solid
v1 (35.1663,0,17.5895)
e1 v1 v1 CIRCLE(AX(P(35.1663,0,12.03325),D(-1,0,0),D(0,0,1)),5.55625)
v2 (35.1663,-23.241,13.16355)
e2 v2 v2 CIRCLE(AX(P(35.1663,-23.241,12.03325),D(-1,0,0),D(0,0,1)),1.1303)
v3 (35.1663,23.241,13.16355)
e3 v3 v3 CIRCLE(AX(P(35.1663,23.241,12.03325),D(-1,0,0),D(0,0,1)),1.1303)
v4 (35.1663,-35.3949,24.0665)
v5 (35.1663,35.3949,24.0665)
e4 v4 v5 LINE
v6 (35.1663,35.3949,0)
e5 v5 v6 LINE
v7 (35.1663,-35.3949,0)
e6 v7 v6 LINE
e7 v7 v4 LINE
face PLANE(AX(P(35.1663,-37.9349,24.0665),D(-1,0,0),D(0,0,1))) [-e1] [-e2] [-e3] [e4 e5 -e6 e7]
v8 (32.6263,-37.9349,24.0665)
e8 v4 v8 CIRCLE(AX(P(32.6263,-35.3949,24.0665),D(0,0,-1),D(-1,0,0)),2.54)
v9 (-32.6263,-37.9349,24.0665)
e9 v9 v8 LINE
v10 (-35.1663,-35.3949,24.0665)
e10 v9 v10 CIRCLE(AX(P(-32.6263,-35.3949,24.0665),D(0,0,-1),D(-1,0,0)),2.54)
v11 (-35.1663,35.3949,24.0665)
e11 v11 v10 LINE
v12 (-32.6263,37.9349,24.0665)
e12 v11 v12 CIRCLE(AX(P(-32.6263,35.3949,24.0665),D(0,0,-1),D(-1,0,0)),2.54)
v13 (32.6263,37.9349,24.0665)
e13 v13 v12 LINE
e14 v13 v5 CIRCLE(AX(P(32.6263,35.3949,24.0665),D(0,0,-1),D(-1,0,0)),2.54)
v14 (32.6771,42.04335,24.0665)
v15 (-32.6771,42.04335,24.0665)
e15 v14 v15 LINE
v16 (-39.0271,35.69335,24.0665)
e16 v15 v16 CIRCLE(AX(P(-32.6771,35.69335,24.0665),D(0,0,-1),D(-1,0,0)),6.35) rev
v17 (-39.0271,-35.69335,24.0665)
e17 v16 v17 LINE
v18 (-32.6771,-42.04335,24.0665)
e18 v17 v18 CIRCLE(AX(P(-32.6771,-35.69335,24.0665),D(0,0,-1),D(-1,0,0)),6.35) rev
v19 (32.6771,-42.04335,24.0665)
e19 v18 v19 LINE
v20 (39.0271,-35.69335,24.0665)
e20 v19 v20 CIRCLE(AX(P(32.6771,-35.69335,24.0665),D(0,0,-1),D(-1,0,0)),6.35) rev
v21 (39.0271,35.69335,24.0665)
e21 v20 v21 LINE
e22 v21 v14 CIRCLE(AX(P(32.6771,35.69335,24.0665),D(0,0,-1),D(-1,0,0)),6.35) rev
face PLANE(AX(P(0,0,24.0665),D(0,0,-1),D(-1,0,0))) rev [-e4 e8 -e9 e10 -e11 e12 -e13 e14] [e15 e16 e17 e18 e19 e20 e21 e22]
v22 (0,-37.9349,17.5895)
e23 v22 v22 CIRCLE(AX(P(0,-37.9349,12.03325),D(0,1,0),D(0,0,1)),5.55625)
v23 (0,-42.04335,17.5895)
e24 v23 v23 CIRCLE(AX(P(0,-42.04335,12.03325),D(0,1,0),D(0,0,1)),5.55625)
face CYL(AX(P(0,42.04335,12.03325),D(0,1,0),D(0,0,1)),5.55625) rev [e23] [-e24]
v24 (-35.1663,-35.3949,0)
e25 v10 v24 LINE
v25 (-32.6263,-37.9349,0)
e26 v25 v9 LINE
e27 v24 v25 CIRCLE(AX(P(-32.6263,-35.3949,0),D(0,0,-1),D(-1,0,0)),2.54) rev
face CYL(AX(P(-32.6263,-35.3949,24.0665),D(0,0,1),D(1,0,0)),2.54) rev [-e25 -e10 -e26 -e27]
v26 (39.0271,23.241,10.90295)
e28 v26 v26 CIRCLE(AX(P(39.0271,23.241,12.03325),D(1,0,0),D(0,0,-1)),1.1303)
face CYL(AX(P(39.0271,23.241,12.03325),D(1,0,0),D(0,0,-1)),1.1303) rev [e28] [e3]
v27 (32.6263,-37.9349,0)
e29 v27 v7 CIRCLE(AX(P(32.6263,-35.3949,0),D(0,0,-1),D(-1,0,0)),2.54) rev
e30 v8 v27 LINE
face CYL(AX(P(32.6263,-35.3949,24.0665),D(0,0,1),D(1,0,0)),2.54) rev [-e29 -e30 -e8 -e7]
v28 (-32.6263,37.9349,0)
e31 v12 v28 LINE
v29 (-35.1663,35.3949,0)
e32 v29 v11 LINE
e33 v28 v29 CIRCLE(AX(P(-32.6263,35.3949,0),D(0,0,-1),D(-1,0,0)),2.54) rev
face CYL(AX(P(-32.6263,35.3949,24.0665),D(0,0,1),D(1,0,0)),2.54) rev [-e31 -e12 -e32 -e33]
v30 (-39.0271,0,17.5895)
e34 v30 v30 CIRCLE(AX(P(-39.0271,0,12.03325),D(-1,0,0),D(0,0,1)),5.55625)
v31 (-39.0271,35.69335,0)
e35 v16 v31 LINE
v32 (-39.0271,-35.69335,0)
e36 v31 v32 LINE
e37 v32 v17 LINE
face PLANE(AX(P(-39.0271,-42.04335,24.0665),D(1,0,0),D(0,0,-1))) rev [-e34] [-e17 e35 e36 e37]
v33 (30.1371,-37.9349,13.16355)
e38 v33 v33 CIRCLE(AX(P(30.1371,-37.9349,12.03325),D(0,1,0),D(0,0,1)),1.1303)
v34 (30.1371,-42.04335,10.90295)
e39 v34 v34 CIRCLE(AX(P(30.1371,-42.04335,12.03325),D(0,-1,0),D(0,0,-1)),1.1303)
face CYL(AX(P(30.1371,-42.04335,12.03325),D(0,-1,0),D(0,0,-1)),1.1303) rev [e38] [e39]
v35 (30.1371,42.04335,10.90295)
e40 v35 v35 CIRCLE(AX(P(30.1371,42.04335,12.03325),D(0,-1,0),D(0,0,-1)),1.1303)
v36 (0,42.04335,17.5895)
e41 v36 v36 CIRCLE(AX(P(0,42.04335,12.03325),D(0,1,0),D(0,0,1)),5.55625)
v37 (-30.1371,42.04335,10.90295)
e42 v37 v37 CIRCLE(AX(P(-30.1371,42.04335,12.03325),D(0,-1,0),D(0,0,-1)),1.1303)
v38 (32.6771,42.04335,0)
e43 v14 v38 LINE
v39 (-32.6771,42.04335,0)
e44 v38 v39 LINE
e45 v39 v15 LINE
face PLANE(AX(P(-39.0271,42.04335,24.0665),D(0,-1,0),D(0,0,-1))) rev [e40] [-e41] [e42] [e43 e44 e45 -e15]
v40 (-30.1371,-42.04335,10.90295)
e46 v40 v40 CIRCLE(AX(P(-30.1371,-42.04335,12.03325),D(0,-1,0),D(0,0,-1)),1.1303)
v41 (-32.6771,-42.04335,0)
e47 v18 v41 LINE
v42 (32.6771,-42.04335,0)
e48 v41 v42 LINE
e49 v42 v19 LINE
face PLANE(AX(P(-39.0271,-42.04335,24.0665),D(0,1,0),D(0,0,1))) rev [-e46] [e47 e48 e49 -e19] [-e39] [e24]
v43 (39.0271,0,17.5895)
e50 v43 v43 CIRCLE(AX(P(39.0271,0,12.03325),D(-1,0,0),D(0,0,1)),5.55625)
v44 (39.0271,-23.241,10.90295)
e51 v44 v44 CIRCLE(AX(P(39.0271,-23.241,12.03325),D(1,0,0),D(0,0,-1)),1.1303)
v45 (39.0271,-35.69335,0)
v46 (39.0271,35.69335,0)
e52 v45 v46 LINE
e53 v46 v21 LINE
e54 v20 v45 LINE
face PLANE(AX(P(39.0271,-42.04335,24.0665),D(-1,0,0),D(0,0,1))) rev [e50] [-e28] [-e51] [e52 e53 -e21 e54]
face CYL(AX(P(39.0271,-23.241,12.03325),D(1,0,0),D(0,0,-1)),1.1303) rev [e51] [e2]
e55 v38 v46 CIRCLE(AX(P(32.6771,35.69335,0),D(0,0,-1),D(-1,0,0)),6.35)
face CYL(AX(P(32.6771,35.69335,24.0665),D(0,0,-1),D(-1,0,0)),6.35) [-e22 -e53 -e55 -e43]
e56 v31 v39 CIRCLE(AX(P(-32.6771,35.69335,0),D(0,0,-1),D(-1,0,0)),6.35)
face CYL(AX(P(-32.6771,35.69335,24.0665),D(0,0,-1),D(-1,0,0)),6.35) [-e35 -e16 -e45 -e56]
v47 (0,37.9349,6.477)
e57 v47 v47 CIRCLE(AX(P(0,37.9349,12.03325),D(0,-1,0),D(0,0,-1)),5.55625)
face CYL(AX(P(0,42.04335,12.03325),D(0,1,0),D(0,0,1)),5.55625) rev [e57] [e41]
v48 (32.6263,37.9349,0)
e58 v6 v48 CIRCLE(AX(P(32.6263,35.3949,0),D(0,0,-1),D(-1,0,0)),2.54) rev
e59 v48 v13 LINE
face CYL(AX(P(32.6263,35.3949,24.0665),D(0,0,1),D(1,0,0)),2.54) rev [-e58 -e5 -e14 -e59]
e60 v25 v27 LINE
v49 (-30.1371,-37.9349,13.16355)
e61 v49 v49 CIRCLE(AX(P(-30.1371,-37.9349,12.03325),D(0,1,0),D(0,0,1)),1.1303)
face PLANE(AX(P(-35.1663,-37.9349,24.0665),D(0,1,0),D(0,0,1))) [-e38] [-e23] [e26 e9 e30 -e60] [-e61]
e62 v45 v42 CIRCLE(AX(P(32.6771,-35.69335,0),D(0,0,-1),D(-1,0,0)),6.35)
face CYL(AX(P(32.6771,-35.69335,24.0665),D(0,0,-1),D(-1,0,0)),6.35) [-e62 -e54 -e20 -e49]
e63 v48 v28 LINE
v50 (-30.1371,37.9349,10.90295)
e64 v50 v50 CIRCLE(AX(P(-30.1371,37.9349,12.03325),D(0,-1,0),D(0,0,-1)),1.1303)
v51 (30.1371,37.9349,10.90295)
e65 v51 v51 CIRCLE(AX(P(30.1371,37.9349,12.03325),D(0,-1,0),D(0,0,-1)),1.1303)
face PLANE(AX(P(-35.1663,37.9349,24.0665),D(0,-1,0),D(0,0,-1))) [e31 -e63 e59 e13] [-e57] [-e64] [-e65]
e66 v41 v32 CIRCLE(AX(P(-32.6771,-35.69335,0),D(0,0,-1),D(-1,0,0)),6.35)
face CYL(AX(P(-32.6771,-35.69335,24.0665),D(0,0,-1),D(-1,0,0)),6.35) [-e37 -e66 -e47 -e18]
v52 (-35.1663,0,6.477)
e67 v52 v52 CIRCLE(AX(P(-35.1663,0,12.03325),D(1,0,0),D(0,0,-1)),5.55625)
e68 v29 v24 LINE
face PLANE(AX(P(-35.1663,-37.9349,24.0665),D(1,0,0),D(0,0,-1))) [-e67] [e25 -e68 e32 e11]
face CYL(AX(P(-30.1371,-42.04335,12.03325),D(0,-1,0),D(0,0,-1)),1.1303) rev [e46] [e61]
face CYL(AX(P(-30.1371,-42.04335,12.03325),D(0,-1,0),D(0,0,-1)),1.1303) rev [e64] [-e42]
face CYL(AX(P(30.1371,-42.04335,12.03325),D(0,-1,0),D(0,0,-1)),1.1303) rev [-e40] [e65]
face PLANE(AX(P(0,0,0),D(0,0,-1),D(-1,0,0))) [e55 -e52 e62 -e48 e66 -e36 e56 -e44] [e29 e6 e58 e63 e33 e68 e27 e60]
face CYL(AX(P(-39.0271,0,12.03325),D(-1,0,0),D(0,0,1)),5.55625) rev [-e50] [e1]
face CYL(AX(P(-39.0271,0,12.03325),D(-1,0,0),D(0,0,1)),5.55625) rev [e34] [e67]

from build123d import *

# Parameters (mm, degrees)
SKETCH2_W                      = 78.0542
SKETCH2_H                      = 84.0867
SKETCH2_W_2                    = 70.3326
SKETCH2_H_2                    = 75.8698
BOSS_EXTRUDE1_DEPTH            = 24.0665
F_7_16_0_4375_DIAMETER_HOLE1_D = 11.1125
F_7_16_0_4375_DIAMETER_HOLE2_D = 11.1125
FILLET2_R                      = 6.35
FILLET3_R                      = 2.54
F_4_40_TAPPED_HOLE1_D          = 2.2606
F_4_40_TAPPED_HOLE1_DEPTH      = 3.8608
F_4_40_TAPPED_HOLE2_D          = 2.2606


with BuildPart() as part:
    # Sketch2 → Boss-Extrude1 (new body)
    with BuildSketch(Plane.XY):
        Rectangle(SKETCH2_W, SKETCH2_H)
        Rectangle(SKETCH2_W_2, SKETCH2_H_2, mode=Mode.SUBTRACT)
    extrude(amount=BOSS_EXTRUDE1_DEPTH)

    # 7/16 (0.4375) Diameter Hole1 (through all)
    with Locations(Plane.ZY.offset(39.0271)):
        with Locations((12.03325, 0)):
            Hole(F_7_16_0_4375_DIAMETER_HOLE1_D / 2)

    # 7/16 (0.4375) Diameter Hole2 (through all)
    with Locations(Plane(origin=(0, 42.04335, 0), x_dir=(1, 0, 0), z_dir=(0, 1, 0))):
        with Locations((0, -12.03325)):
            Hole(F_7_16_0_4375_DIAMETER_HOLE2_D / 2)

    # Fillet2
    fillet2_edges = [part.edges().sort_by_distance(p)[0] for p in [
        (39.0271, -42.04335, 12.03325),
        (-39.0271, -42.04335, 12.03325),
        (-39.0271, 42.04335, 12.03325),
        (39.0271, 42.04335, 12.03325),
    ]]
    fillet(fillet2_edges, radius=FILLET2_R)

    # Fillet3
    fillet3_edges = [part.edges().sort_by_distance(p)[0] for p in [
        (35.1663, -37.9349, 12.03325),
        (35.1663, 37.9349, 12.03325),
        (-35.1663, 37.9349, 12.03325),
        (-35.1663, -37.9349, 12.03325),
    ]]
    fillet(fillet3_edges, radius=FILLET3_R)

    # #4-40 Tapped Hole1
    with Locations(Plane(origin=(39.0271, 0, 0), x_dir=(0, 0, -1), z_dir=(1, 0, 0))):
        with Locations((-12.03325, 23.241), (-12.03325, -23.241)):
            Hole(F_4_40_TAPPED_HOLE1_D / 2, depth=F_4_40_TAPPED_HOLE1_DEPTH)

    # #4-40 Tapped Hole2 (through all)
    with Locations(Plane(origin=(0, -42.04335, 0), x_dir=(-1, 0, 0), z_dir=(0, -1, 0))):
        with Locations((-30.1371, -12.03325), (30.1371, -12.03325)):
            Hole(F_4_40_TAPPED_HOLE2_D / 2)


solid = part.part
